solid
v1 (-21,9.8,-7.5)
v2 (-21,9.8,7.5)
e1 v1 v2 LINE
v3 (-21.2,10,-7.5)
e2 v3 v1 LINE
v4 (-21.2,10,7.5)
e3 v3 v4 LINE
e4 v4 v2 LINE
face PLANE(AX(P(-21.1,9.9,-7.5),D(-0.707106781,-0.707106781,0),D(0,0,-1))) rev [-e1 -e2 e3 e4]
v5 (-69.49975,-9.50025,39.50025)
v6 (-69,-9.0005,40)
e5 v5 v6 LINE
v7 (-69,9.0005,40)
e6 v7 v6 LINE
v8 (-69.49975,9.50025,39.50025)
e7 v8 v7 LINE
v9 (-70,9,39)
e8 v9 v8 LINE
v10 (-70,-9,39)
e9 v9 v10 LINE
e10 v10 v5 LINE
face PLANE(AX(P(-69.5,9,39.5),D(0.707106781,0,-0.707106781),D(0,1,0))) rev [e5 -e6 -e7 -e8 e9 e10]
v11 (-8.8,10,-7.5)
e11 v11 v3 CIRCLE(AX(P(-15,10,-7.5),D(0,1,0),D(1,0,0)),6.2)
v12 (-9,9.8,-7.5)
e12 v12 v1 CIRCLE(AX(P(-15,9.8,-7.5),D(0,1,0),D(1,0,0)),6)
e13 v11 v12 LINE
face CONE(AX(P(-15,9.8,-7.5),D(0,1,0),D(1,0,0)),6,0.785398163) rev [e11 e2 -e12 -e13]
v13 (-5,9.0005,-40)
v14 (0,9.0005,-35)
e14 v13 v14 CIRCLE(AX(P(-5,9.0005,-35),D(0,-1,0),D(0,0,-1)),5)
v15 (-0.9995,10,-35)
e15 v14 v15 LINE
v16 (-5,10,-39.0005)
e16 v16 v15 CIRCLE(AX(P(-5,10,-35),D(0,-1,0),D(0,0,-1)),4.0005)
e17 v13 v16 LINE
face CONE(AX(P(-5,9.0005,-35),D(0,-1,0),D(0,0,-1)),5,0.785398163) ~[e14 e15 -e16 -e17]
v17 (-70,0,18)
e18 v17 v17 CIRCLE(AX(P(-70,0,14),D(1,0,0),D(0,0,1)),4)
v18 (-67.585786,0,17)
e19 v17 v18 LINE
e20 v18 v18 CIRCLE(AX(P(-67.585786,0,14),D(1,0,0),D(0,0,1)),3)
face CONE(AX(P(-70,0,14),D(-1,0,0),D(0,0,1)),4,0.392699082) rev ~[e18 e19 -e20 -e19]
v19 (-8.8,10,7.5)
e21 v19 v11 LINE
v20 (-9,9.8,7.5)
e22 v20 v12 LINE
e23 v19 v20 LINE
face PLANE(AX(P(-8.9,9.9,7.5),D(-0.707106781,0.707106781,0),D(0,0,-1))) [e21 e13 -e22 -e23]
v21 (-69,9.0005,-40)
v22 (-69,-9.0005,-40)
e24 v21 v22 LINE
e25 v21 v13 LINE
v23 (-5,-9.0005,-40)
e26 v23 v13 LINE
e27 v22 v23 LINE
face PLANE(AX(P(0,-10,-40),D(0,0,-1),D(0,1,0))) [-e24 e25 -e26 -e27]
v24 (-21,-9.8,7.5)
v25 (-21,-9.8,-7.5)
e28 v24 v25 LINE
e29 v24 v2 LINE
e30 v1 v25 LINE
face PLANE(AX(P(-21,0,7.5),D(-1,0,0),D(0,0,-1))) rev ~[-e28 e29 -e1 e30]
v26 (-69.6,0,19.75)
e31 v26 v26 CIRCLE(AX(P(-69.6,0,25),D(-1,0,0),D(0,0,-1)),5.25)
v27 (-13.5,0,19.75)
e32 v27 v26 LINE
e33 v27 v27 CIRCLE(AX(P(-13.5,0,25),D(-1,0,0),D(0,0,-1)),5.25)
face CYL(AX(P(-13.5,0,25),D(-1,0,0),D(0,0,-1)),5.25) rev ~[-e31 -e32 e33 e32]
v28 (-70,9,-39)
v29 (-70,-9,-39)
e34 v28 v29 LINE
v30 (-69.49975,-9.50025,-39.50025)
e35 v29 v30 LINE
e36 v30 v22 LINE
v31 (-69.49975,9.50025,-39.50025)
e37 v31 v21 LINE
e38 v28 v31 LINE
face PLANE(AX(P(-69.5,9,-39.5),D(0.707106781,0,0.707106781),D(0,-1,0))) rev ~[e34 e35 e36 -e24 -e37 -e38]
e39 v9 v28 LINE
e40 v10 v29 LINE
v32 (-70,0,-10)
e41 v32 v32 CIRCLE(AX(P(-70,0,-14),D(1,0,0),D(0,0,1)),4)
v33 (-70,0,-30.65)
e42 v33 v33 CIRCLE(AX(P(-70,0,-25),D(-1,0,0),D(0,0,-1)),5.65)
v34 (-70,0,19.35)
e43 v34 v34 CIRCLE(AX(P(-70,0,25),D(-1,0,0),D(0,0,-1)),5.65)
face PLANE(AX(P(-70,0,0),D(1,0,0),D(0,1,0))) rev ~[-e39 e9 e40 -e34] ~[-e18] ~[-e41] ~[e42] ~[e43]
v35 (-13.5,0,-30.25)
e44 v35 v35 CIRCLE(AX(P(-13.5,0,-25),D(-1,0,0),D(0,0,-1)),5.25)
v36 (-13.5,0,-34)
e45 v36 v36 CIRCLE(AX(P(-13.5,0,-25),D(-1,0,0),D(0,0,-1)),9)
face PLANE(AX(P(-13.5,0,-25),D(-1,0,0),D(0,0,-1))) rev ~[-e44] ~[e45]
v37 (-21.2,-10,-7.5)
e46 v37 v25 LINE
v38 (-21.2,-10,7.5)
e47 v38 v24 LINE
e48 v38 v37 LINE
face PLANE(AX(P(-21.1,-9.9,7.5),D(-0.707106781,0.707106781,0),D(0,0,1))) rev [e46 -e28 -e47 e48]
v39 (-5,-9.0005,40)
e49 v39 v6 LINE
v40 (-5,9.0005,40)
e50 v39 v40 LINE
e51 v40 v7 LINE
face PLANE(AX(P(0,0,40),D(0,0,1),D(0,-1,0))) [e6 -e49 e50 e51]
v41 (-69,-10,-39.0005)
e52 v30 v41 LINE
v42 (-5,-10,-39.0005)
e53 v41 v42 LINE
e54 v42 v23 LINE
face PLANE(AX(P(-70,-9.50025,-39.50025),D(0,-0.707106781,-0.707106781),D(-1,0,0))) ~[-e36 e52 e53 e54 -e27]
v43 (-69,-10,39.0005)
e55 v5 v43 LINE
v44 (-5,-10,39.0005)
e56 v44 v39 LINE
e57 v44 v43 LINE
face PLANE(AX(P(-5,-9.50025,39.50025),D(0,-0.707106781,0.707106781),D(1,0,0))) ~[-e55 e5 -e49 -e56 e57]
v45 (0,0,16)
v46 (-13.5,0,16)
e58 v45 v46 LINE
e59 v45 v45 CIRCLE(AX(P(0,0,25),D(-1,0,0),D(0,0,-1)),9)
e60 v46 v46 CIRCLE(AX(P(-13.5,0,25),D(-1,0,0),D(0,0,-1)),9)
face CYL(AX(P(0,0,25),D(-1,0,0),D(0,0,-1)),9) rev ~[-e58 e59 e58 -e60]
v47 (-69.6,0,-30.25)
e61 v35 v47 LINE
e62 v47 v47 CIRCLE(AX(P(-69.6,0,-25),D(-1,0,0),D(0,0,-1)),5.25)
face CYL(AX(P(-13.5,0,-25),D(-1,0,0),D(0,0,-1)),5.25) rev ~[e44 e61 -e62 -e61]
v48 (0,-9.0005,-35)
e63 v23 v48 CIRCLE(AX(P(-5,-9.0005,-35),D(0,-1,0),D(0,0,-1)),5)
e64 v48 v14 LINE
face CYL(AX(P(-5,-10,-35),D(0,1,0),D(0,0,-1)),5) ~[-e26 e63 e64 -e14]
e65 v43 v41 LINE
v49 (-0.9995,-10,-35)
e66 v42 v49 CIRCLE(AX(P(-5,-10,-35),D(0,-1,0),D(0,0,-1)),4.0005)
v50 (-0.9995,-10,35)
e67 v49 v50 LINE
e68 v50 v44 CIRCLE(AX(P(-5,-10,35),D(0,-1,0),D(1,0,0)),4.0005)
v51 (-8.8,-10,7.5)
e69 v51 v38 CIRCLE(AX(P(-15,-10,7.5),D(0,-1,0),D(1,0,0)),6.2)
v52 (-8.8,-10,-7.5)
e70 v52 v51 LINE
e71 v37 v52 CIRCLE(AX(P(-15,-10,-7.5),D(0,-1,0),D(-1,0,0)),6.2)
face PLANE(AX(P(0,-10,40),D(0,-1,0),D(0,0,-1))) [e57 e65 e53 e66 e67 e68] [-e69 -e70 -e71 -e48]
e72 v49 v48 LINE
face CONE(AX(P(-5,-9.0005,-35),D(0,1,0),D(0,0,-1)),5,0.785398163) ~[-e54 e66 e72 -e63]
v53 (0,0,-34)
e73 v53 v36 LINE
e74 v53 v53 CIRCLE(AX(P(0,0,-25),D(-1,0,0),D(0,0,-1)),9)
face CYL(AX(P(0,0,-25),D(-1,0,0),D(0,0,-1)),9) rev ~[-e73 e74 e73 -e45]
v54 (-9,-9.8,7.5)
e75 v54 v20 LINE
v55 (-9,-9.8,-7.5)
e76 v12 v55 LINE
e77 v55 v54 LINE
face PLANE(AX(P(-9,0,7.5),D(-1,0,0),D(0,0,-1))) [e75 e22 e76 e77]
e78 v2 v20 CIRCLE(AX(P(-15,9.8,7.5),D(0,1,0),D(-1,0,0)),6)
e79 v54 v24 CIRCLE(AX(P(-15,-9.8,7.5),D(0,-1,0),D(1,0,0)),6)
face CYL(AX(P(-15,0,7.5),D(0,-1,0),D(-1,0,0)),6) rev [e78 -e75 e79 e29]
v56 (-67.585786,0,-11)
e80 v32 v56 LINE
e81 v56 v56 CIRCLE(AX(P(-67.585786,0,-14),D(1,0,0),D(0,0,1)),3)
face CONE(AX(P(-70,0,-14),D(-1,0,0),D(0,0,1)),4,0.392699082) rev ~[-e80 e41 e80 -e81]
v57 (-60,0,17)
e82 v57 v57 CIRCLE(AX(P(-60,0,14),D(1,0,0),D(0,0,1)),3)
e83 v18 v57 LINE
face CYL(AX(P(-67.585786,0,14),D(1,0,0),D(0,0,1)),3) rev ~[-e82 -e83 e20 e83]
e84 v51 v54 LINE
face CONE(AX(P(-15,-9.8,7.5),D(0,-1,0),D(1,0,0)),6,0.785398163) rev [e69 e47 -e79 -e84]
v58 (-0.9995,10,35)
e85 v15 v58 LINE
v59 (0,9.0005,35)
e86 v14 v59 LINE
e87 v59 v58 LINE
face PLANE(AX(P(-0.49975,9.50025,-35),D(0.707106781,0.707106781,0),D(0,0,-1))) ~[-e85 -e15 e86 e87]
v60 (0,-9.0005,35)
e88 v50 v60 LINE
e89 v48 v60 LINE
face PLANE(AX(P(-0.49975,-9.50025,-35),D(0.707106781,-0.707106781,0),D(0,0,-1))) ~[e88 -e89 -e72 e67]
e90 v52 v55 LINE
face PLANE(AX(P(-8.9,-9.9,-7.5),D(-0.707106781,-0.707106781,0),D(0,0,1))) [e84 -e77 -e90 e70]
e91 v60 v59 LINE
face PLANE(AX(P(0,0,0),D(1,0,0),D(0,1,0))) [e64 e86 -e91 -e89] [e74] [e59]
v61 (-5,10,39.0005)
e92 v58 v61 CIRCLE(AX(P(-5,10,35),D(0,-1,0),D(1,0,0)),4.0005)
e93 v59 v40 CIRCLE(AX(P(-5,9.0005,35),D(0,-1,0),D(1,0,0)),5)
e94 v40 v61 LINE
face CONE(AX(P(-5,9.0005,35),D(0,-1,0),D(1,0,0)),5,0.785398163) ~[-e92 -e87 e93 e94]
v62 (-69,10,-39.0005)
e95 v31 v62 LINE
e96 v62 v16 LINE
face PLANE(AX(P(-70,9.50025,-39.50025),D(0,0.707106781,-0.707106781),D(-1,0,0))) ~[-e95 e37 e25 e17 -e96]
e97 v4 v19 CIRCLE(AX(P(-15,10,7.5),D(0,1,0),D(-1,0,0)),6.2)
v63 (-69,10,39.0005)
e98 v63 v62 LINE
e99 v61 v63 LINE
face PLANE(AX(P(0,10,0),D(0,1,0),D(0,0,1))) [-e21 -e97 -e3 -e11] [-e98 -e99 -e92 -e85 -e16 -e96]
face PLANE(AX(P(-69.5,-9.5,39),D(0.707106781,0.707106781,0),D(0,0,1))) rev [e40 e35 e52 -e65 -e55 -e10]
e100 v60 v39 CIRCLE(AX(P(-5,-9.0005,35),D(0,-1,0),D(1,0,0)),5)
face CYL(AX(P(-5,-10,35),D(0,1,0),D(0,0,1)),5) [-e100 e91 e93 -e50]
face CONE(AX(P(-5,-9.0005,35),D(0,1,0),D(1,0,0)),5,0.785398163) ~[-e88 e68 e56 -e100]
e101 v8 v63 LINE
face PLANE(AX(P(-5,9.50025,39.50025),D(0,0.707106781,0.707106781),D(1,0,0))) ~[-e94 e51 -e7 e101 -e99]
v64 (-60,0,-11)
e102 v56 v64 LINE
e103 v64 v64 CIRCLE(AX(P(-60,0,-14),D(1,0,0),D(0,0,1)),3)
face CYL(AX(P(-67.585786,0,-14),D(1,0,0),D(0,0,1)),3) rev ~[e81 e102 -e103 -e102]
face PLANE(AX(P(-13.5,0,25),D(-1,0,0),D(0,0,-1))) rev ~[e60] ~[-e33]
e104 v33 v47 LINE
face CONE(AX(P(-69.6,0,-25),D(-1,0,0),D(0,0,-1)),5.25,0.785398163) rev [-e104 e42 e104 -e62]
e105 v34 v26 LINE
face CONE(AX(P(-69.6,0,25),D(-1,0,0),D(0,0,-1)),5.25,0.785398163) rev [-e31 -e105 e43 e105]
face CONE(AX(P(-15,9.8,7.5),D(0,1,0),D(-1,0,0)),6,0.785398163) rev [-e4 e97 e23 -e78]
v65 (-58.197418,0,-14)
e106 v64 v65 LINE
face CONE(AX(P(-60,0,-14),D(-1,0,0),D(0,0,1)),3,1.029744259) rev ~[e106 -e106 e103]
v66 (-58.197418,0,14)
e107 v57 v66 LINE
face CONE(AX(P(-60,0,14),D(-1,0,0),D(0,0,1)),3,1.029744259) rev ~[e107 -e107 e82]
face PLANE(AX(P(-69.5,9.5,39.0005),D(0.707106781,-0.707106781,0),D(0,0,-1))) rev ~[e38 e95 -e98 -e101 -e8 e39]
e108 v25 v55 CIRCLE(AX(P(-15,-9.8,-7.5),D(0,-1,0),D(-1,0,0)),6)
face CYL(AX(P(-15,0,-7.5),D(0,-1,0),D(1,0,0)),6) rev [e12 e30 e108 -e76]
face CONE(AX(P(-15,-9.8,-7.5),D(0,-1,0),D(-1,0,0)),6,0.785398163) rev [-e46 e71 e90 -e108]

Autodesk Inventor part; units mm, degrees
ref_plane "YZ Plane" through (0, 0, 0) normal (1, 0, 0) x (0, 1, 0)
ref_plane "XZ Plane" through (0, 0, 0) normal (0, 1, 0) x (-1, 0, 0)
ref_plane "XY Plane" through (0, 0, 0) normal (0, 0, 1) x (1, 0, 0)
sketch "Эскиз1" plane through (0, 0, 0) normal (1, 0, 0) x (0, 1, 0)
  line L0 (-14, 0) -> (14, 0) projected
  line L1 (0, -56) -> (0, 56) projected
  line L2 (10, 40) -> (-10, 40)
  line L3 (-10, 40) -> (-10, -40)
  line L4 (-10, -40) -> (10, -40)
  line L5 (10, -40) -> (10, 40)
  point P0 (0, 0)
  dimension "d0" = 20
  dimension "d1" = 10
  dimension "d2" = 80
  dimension "d3" = 40
extrude "Выдавливание1" add sketch "Эскиз1" against normal blind 70
sketch "Эскиз2" plane through (0, 0, 0) normal (1, 0, 0) x (0, 1, 0)
  line L0 (0, 56) -> (0, -56) projected
  line L1 (0, -56) -> (0, 56) projected
  line L2 (-14, 0) -> (14, 0) projected
  circle A0 centre (0, 25) radius 5
  circle A1 centre (0, -25) radius 5
  line L3 (10, 40) -> (-10, 40) projected
  line L4 (-10, -40) -> (10, -40) projected
  point P0 (0, 0)
  dimension "d6" = 10
  dimension "d7" = 10
  dimension "d10" = 15
  dimension "d12" = 15
hole "Отверстие1" at (0, 0, 25) at (0, 0, -25) direction (-1, 0, 0) diameter 10.5 end through all counterbore diameter 18 counterbore depth 13.5
fillet "Сопряжение1" radius 5 2 edges at (0, 0, 40) (0, 0, -40)
chamfer "Фаска1" distance 1 angle 45 10 edges at (-37.5, 10, 40) (-1.4645, 10, 38.5355) (0, 10, 0) (-1.4645, 10, -38.5355) (-37.5, 10, -40) (-37.5, -10, 40) (-1.4645, -10, 38.5355) (0, -10, 0) (-1.4645, -10, -38.5355) (-37.5, -10, -40)
chamfer "Фаска2" distance 1 angle 45 4 edges at (-70, 10, 0) (-70, 0, 40) (-70, -10, 0) (-70, 0, -40)
sketch "Эскиз3" plane through (-70, 0, 0) normal (-1, 0, 0) x (0, 0, 1)
  line L0 (-56, 0) -> (56, 0) projected
  line L1 (0, 14) -> (0, -14) projected
  line L2 (-56, 0) -> (56, 0) projected
  circle A0 centre (-14, 0) radius 3
  circle A1 centre (14, 0) radius 3
  circle A2 centre (-25, 0) radius 5.25 projected
  circle A3 centre (25, 0) radius 5.25 projected
  point P0 (0, 0)
  dimension "d28" = 6
  dimension "d29" = 11
  dimension "d30" = 28
hole "Отверстие2" at (-70, 0, -14) at (-70, 0, 14) direction (1, 0, 0) diameter 6 depth 10 tip angle 118 countersink diameter 8 countersink angle 45
chamfer "Фаска3" distance 0.4 angle 45 2 edges at (-70, 0, -19.75) (-70, 0, 30.25)
sketch "Эскиз4" plane through (0, 0, 0) normal (0, 1, 0) x (-1, 0, 0)
  line L0 (69.6, 19.75) -> (13.5, 19.75) projected
  line L1 (69.6, -19.75) -> (13.5, -19.75) projected
  line L2 (70, -39) -> (70, 39) projected
  arc A0 (21, 7.5) -> (9, 7.5) centre (15, 7.5) ccw
  arc A1 (9, -7.5) -> (21, -7.5) centre (15, -7.5) ccw
  line L3 (15, 7.5) -> (15, -7.5) construction
  line L4 (-14, 0) -> (84, 0) projected
  line L5 (0, -56) -> (0, 56) projected
  line L6 (0, 25) -> (0, 25) projected
  line L7 (0, 25) -> (0, 25) projected
  line L8 (13.5, 34) -> (13.5, 16) projected
  line L9 (21, 7.5) -> (21, -7.5)
  line L10 (9, 7.5) -> (9, -7.5)
  point P0 (0, 0)
  dimension "d41" = 12
  dimension "d42" = 15
  dimension "d43" = 7.5
  dimension "d44" = 55
extrude "Выдавливание2" cut sketch "Эскиз4" along normal through all both and the other way through all
chamfer "Фаска4" distance 0.2 angle 45 8 edges at (-15, -10, 13.5) (-9, -10, 0) (-15, -10, -13.5) (-21, -10, 0) (-21, 10, 0) (-15, 10, -13.5) (-9, 10, 0) (-15, 10, 13.5)
properties part number "ОПОРА_01"
